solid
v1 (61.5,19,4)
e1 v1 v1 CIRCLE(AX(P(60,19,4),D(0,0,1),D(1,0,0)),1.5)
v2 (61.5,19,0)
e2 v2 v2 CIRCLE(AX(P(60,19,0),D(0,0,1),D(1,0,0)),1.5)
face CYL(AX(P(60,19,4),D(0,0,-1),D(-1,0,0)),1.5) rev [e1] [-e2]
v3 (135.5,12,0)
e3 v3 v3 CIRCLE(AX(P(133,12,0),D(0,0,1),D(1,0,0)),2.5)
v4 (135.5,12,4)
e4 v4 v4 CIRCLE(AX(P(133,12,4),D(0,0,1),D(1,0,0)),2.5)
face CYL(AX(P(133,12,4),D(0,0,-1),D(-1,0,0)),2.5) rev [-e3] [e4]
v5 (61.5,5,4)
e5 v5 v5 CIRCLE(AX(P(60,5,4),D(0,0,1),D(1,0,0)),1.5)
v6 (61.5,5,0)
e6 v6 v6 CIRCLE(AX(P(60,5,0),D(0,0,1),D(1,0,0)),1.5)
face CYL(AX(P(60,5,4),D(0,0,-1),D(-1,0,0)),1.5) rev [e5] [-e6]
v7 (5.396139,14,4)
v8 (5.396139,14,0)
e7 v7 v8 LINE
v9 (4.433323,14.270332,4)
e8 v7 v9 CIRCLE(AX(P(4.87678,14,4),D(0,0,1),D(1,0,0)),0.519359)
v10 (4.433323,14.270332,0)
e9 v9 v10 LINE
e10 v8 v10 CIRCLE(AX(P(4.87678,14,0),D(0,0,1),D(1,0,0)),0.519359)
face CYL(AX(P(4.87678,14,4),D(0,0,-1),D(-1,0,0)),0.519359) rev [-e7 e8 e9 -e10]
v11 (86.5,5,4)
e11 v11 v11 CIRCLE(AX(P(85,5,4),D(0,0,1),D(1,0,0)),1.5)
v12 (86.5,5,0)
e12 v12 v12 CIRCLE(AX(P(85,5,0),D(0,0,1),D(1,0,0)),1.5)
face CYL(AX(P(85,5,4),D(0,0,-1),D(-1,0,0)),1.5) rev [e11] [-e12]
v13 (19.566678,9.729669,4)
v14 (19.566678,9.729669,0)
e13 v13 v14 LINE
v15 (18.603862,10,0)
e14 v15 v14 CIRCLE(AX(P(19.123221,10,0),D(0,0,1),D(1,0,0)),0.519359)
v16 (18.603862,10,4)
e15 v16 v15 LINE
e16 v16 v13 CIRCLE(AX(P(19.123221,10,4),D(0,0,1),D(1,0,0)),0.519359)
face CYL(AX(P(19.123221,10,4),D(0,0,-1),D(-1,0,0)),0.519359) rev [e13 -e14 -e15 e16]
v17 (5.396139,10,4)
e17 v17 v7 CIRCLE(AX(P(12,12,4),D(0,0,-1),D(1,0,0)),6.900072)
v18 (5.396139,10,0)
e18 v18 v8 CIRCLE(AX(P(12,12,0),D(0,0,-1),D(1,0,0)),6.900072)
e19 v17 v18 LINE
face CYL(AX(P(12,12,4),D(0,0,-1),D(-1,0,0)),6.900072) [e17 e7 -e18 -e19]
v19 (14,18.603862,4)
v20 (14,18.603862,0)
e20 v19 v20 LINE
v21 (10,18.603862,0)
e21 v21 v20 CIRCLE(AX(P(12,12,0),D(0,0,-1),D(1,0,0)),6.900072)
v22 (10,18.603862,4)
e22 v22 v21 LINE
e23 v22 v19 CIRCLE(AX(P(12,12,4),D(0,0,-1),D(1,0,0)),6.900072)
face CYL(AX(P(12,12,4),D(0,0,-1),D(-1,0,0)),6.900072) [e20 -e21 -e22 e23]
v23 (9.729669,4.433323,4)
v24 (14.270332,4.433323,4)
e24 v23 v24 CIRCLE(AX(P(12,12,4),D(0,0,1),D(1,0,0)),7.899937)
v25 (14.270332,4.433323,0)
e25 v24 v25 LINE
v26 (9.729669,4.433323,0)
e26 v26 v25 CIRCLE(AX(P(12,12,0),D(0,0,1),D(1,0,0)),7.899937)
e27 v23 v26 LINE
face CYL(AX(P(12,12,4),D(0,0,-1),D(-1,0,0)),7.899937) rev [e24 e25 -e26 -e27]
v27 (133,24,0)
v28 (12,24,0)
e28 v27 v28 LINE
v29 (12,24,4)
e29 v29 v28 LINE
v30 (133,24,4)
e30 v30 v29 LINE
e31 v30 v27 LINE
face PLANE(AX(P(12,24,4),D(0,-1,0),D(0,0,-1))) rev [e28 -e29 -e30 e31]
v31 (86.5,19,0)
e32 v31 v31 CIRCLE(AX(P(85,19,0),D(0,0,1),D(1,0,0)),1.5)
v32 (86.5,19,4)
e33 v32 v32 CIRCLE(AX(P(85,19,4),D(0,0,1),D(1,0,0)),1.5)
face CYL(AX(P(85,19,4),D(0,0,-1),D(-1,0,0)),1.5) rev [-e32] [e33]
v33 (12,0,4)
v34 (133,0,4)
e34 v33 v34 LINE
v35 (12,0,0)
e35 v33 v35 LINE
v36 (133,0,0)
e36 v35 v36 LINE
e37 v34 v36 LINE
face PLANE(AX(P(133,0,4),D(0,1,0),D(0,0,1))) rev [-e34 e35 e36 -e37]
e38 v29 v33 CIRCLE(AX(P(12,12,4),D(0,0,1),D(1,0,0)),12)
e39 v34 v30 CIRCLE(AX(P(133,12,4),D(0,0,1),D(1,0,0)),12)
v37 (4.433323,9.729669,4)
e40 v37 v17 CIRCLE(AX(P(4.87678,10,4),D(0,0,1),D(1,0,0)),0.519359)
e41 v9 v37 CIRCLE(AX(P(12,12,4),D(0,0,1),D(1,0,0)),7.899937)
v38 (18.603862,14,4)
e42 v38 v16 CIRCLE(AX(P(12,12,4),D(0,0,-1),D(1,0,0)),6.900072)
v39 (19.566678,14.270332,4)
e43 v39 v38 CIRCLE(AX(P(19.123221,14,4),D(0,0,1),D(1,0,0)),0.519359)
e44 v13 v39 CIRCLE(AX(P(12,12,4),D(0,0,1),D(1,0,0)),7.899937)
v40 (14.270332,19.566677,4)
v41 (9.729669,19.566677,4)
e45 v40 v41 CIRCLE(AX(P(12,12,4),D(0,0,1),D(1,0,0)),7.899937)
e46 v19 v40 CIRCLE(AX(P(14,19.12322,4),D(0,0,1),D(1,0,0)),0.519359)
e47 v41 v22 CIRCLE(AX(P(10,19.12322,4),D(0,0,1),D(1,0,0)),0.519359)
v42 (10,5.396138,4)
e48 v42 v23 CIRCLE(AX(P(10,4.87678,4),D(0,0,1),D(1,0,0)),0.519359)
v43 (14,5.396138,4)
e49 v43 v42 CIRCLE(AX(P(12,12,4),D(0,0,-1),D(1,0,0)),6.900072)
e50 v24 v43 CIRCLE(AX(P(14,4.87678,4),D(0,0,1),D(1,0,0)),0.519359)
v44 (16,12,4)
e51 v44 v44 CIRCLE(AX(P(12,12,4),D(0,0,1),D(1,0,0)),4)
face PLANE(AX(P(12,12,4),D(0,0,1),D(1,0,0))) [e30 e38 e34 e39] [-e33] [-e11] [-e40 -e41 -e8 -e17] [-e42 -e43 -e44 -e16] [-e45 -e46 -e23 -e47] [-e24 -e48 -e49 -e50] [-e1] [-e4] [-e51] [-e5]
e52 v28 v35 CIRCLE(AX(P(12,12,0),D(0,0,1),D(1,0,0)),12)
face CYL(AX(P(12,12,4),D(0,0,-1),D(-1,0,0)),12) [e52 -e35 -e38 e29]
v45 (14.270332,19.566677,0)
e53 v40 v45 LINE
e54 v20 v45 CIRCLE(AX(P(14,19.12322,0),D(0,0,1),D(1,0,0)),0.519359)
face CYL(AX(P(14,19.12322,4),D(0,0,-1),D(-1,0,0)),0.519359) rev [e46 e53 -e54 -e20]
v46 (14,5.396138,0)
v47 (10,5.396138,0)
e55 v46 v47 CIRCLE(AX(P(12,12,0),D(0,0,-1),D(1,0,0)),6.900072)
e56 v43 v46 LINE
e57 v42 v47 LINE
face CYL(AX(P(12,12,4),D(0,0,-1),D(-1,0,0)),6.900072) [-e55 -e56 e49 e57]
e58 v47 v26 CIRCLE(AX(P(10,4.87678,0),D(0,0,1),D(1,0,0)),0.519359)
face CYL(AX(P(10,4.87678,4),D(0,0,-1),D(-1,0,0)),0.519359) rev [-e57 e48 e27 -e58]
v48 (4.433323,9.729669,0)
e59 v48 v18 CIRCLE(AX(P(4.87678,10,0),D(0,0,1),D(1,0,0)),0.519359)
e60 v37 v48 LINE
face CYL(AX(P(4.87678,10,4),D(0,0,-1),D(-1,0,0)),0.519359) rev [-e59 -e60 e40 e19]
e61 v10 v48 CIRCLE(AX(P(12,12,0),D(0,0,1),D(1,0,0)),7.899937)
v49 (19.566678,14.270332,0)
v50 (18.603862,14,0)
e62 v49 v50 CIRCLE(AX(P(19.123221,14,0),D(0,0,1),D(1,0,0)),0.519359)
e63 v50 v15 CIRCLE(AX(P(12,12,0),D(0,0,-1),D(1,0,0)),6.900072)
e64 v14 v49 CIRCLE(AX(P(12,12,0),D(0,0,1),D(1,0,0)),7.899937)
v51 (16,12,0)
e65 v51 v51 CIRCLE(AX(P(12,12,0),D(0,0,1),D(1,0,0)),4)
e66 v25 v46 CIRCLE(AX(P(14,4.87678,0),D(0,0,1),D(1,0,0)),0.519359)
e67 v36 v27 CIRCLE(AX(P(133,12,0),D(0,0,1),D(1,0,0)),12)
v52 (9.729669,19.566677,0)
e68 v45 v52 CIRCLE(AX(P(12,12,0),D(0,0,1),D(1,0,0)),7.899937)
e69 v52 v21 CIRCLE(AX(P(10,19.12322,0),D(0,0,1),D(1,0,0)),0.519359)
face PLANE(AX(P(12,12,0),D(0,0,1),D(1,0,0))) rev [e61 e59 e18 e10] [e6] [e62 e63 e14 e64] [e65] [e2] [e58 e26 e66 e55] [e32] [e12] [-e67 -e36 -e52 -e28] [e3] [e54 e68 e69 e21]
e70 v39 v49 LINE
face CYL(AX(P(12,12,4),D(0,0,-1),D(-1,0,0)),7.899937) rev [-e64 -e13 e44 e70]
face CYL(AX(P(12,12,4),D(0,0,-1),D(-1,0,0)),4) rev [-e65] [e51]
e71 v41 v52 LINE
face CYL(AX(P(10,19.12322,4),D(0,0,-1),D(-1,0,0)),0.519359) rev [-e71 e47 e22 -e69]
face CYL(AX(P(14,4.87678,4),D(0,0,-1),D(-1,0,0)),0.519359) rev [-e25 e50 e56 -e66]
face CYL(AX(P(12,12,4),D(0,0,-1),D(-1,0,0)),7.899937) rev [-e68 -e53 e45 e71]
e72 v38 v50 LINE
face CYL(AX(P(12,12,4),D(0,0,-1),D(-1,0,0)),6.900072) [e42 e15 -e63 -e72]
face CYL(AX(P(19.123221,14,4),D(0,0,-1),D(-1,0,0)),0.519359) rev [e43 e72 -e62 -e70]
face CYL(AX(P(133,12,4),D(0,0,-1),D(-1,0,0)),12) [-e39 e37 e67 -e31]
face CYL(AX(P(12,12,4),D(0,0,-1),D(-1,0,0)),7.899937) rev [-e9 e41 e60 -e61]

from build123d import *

# Parameters (mm, degrees)
SKETCH1_R           = 4
SKETCH1_R_2         = 1.5
SKETCH1_R_3         = 2.5
BOSS_EXTRUDE1_DEPTH = 4


with BuildPart() as part:
    # Sketch1 → Boss-Extrude1 (new body)
    with BuildSketch(Plane.XY):
        with BuildLine():
            Line((12.000000461, 24.00000011), (133.000000461, 24.00000011))
            ThreePointArc((133.000000461, 24.00000011), (145.000000461, 12.00000011), (133.000000461, 1.1e-07))
            Line((133.000000461, 1.1e-07), (12.000000461, 1.1e-07))
            ThreePointArc((12.000000461, 1.1e-07), (4.61e-07, 12.00000011), (12.000000461, 24.00000011))
        make_face()
        with Locations((12.000000461, 12.00000011)):
            Circle(SKETCH1_R, mode=Mode.SUBTRACT)
        with Locations((60.000000461, 5.00000011)):
            Circle(SKETCH1_R_2, mode=Mode.SUBTRACT)
        with Locations((60.000000461, 19.00000011)):
            Circle(SKETCH1_R_2, mode=Mode.SUBTRACT)
        with Locations((85.000000461, 5.00000011)):
            Circle(SKETCH1_R_2, mode=Mode.SUBTRACT)
        with Locations((85.000000461, 19.00000011)):
            Circle(SKETCH1_R_2, mode=Mode.SUBTRACT)
        with Locations((133.000000461, 12.00000011)):
            Circle(SKETCH1_R_3, mode=Mode.SUBTRACT)
        with BuildLine():
            ThreePointArc((9.729668922, 4.433322836), (12.000000461, 4.100062751), (14.270331999, 4.433322836))
            ThreePointArc((14.270331999, 4.433322836), (14.500023689, 5.017172326), (14.000000461, 5.396138381))
            ThreePointArc((14.000000461, 5.396138381), (12.000000461, 5.09992839), (10.000000461, 5.396138381))
            ThreePointArc((10.000000461, 5.396138381), (9.499977232, 5.017172326), (9.729668922, 4.433322836))
        make_face(mode=Mode.SUBTRACT)
        with BuildLine():
            ThreePointArc((19.566677735, 9.729668571), (19.899937819, 12.00000011), (19.566677735, 14.270331648))
            ThreePointArc((19.566677735, 14.270331648), (18.982828244, 14.500023338), (18.603862189, 14.00000011))
            ThreePointArc((18.603862189, 14.00000011), (18.90007218, 12.00000011), (18.603862189, 10.00000011))
            ThreePointArc((18.603862189, 10.00000011), (18.982828244, 9.499976882), (19.566677735, 9.729668571))
        make_face(mode=Mode.SUBTRACT)
        with BuildLine():
            ThreePointArc((14.270331999, 19.566677384), (12.000000461, 19.899937468), (9.729668922, 19.566677384))
            ThreePointArc((9.729668922, 19.566677384), (9.499977232, 18.982827894), (10.000000461, 18.603861839))
            ThreePointArc((10.000000461, 18.603861839), (12.000000461, 18.900071829), (14.000000461, 18.603861839))
            ThreePointArc((14.000000461, 18.603861839), (14.500023689, 18.982827894), (14.270331999, 19.566677384))
        make_face(mode=Mode.SUBTRACT)
        with BuildLine():
            ThreePointArc((4.433323186, 14.270331648), (4.100063102, 12.00000011), (4.433323186, 9.729668571))
            ThreePointArc((4.433323186, 9.729668571), (5.017172677, 9.499976882), (5.396138732, 10.00000011))
            ThreePointArc((5.396138732, 10.00000011), (5.099928741, 12.00000011), (5.396138732, 14.00000011))
            ThreePointArc((5.396138732, 14.00000011), (5.017172677, 14.500023338), (4.433323186, 14.270331648))
        make_face(mode=Mode.SUBTRACT)
    extrude(amount=BOSS_EXTRUDE1_DEPTH)


solid = part.part
